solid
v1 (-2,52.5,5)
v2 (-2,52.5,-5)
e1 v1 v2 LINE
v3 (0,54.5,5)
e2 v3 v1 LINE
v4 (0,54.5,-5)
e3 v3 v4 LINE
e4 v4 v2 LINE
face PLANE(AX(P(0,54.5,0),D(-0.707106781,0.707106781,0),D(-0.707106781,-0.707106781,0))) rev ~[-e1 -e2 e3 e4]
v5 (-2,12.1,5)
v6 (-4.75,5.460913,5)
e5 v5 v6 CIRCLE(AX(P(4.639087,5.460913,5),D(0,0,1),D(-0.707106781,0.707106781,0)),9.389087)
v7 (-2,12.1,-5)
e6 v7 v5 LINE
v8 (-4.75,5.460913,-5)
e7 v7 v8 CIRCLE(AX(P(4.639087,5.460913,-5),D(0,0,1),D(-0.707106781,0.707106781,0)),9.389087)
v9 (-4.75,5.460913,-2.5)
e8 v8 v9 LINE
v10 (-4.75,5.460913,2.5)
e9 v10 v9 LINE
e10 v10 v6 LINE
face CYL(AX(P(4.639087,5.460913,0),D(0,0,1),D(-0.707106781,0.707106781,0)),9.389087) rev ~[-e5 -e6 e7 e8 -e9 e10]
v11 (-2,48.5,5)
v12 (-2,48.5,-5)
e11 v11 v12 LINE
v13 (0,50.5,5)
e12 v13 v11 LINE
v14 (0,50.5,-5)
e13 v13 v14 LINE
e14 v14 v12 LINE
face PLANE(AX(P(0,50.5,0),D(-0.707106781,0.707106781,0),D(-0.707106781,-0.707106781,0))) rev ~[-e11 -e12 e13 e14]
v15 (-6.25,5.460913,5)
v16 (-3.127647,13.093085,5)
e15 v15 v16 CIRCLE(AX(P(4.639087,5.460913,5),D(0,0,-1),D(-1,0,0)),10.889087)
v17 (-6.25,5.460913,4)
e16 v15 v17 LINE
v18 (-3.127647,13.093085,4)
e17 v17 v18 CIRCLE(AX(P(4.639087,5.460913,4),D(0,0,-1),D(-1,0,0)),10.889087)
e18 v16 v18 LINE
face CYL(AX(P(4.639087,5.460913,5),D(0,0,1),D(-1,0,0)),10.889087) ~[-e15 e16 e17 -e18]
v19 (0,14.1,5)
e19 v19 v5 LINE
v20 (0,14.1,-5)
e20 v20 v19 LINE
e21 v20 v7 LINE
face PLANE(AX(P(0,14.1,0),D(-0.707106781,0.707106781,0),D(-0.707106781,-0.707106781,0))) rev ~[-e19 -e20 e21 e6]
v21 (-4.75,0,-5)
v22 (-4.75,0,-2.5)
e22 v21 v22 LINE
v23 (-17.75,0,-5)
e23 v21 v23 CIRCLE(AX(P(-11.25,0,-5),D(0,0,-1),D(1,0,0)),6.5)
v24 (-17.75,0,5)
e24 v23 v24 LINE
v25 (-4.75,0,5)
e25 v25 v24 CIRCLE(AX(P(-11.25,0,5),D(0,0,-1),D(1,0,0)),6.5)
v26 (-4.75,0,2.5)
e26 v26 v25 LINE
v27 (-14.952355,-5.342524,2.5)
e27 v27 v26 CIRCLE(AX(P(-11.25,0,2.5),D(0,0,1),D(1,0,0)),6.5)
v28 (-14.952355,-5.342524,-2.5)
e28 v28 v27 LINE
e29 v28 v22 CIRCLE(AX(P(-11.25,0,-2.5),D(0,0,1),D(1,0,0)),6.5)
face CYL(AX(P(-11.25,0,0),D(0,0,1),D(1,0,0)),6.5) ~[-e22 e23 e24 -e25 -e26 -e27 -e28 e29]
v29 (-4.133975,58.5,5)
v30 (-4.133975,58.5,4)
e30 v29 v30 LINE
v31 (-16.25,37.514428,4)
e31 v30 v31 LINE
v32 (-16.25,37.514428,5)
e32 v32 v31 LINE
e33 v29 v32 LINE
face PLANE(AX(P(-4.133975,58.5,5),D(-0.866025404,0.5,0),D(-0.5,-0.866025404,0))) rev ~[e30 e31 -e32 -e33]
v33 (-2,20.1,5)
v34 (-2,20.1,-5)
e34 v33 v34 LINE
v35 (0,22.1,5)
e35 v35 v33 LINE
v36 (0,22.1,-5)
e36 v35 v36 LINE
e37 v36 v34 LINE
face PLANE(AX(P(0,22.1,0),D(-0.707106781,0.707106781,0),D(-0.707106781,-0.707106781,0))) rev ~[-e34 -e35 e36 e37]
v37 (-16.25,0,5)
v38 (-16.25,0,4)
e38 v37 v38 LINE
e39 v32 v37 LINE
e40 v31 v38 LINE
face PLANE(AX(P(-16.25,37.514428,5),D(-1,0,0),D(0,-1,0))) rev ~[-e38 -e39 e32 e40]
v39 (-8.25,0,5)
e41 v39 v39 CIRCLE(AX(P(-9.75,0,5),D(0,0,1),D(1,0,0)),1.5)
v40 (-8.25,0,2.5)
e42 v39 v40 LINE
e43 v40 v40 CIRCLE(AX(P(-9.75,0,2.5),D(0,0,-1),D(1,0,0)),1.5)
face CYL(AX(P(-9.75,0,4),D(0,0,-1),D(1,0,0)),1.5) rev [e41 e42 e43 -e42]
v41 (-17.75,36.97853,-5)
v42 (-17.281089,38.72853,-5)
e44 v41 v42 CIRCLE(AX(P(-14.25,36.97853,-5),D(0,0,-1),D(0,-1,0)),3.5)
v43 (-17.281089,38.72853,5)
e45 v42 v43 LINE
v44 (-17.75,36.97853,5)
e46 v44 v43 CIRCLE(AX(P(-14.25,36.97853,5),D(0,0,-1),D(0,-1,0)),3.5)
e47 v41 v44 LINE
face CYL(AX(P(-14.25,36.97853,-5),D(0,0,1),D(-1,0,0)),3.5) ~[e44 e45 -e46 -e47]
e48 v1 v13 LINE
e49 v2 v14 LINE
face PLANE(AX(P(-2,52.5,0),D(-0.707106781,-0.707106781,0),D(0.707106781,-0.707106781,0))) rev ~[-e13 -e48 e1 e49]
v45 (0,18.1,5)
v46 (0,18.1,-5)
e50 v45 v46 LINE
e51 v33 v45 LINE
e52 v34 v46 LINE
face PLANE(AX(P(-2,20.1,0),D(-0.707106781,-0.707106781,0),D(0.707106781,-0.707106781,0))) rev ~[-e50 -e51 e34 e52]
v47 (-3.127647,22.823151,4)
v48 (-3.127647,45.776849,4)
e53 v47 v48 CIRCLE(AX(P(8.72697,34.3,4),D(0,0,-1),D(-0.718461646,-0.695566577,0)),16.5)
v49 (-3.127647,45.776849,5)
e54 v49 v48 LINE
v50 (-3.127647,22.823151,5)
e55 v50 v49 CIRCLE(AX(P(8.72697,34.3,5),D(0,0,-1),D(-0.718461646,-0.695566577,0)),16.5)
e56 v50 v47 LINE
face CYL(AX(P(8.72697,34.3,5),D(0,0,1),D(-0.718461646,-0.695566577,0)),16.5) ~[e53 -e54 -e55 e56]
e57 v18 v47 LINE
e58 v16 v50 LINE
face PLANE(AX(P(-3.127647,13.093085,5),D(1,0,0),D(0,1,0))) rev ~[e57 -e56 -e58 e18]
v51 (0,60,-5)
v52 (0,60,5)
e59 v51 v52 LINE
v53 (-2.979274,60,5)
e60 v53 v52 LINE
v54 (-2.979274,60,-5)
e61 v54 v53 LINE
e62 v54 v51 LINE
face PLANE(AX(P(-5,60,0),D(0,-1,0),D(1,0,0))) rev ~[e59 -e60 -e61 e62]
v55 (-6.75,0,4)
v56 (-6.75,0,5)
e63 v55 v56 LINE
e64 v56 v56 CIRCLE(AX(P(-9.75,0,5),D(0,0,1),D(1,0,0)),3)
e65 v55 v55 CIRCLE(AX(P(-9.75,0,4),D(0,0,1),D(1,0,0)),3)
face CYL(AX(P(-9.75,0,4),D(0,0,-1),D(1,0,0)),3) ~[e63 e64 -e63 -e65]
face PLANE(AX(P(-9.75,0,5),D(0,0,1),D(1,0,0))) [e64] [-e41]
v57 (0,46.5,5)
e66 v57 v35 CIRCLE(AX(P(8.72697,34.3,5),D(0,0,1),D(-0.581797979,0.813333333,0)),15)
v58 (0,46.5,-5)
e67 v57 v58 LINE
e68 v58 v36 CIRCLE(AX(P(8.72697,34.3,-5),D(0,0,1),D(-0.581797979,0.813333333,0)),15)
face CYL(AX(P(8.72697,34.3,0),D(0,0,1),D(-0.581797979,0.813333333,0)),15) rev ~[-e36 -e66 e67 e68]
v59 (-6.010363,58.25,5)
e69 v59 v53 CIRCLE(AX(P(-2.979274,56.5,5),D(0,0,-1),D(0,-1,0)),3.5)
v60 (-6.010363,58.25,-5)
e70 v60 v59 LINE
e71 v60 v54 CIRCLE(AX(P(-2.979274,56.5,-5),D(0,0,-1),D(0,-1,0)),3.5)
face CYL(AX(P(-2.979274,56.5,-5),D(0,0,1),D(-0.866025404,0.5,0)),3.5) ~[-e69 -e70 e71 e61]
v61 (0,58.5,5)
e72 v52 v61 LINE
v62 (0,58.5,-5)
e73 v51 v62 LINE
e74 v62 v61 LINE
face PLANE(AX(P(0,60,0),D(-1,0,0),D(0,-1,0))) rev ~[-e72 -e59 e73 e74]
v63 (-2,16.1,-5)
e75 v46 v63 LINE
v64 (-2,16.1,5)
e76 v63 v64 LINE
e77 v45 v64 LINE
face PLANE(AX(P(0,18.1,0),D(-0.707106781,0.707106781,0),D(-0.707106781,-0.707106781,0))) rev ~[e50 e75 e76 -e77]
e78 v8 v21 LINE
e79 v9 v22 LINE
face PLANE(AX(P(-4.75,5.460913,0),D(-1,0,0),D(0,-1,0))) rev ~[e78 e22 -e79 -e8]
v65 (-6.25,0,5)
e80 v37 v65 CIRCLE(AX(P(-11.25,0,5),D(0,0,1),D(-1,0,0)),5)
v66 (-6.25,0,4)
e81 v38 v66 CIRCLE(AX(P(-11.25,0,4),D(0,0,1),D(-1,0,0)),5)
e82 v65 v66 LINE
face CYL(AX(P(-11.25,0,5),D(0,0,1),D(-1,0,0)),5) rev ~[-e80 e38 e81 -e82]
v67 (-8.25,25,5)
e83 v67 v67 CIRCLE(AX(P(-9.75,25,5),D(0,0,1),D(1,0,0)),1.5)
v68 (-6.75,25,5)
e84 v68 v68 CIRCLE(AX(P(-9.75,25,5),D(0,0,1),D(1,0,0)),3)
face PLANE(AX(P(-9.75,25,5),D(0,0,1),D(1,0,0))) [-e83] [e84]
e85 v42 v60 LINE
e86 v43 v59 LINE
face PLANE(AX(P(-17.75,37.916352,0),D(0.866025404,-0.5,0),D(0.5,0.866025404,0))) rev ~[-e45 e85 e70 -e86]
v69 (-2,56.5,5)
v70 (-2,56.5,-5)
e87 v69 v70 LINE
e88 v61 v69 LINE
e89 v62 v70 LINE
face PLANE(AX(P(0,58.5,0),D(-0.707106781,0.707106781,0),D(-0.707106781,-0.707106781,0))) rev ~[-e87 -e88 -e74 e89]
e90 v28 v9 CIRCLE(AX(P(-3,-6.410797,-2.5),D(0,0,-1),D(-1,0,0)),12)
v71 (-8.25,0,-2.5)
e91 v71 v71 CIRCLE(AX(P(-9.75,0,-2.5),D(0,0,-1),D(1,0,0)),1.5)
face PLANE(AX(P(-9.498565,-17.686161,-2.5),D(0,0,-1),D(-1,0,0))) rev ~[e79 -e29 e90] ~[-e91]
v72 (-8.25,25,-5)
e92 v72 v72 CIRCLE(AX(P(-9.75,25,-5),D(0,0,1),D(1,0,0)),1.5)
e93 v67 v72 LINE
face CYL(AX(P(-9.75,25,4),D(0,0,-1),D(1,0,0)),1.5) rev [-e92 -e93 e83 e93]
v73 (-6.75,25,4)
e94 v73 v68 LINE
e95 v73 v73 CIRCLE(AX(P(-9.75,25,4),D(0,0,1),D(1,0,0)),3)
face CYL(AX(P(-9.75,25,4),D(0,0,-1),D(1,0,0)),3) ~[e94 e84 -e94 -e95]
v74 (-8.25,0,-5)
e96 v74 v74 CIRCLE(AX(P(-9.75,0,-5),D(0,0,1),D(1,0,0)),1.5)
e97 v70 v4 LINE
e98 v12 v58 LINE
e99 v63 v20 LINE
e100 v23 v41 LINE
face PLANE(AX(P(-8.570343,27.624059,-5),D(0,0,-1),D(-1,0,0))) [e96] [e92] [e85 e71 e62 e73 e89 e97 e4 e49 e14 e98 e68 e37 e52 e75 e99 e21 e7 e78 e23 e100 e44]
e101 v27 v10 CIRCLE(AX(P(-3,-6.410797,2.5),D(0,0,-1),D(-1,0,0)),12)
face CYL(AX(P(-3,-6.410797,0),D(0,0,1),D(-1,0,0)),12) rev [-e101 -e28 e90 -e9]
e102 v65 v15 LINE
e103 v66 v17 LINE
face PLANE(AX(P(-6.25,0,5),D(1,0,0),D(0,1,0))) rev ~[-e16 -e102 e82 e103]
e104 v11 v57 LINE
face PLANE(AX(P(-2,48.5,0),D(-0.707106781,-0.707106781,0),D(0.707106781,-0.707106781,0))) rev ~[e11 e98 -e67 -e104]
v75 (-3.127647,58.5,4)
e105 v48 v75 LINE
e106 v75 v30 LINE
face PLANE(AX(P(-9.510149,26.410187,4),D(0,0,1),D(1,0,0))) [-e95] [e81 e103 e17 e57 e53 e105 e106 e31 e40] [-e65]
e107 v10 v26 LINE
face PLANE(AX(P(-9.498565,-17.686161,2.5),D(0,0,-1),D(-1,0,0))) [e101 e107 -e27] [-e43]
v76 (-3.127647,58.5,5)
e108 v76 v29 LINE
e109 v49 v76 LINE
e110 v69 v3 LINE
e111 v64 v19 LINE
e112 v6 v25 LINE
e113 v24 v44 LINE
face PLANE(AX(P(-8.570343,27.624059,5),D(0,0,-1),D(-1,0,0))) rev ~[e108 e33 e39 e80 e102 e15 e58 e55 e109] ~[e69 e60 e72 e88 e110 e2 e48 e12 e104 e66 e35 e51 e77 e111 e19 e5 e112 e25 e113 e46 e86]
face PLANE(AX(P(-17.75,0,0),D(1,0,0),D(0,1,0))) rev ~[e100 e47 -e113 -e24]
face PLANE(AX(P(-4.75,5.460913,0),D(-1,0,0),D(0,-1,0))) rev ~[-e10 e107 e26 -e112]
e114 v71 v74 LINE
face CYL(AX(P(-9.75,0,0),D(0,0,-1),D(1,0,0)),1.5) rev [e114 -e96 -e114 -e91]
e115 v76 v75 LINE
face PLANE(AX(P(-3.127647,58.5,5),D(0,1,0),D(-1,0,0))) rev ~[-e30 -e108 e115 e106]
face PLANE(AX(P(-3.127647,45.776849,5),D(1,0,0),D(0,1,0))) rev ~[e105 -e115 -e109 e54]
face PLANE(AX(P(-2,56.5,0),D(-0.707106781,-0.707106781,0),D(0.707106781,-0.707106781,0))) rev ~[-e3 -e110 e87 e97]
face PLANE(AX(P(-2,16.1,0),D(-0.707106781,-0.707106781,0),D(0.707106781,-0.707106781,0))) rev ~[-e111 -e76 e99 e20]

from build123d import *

# Parameters (mm, degrees)
SKETCH1_R           = 1.5
BOSS_EXTRUDE1_DEPTH = 5
CUT_EXTRUDE1_DEPTH  = 2.5
CUT_EXTRUDE2_DEPTH  = 1
SKETCH5_R           = 3
SKETCH5_R_2         = 1.5
EXTRUDE_THIN1_DEPTH = 1
FILLET1_R           = 3.5


with BuildPart() as part:
    # Sketch1 → Boss-Extrude1 (new body, symmetric)
    with BuildSketch(Plane.XY):
        with BuildLine():
            Line((0, 58.5), (-2, 56.5))
            Line((-2, 56.5), (0, 54.5))
            Line((0, 54.5), (-2, 52.5))
            Line((-2, 52.5), (0, 50.5))
            Line((0, 50.5), (-2, 48.5))
            Line((-2, 48.5), (0, 46.5))
            ThreePointArc((0, 46.5), (-6.273030308, 34.3), (0, 22.1))
            Line((0, 22.1), (-2, 20.1))
            Line((-2, 20.1), (0, 18.1))
            Line((0, 18.1), (-2, 16.1))
            Line((-2, 16.1), (0, 14.1))
            Line((0, 14.1), (-2, 12.1))
            ThreePointArc((-2, 12.1), (-4.035298286, 9.053960857), (-4.75, 5.460912703))
            Line((-4.75, 5.460912703), (-4.75, 0))
            ThreePointArc((-4.75, 0), (-11.25, -6.5), (-17.75, 0))
            Line((-17.75, 0), (-17.75, 37.916352203))
            Line((-17.75, 37.916352203), (-5, 60))
            Line((-5, 60), (0, 60))
            Line((0, 60), (0, 58.5))
        make_face()
        with Locations((-9.75, 0)):
            Circle(SKETCH1_R, mode=Mode.SUBTRACT)
        with Locations((-9.75, 25)):
            Circle(SKETCH1_R, mode=Mode.SUBTRACT)
    extrude(amount=BOSS_EXTRUDE1_DEPTH, both=True)

    # Sketch3 → Cut-Extrude1 (cut, symmetric)
    with BuildSketch(Plane.XY):
        with BuildLine():
            Line((-15, -38.410797367), (-15, -6.410797367))
            ThreePointArc((-15, -6.410797367), (-12.082951062, 1.431396204), (-4.75, 5.460912703))
            Line((-4.75, 5.460912703), (-4.75, -38.410797367))
            Line((-4.75, -38.410797367), (-15, -38.410797367))
        make_face()
    extrude(amount=CUT_EXTRUDE1_DEPTH, both=True, mode=Mode.SUBTRACT)

    # Sketch4 → Cut-Extrude2 (cut)
    with BuildSketch(Plane.XY.offset(5)):
        with BuildLine():
            Line((-3.12764747, 58.5), (-4.133974596, 58.5))
            Line((-4.133974596, 58.5), (-16.25, 37.514428415))
            Line((-16.25, 37.514428415), (-16.25, 0))
            ThreePointArc((-16.25, 0), (-11.25, -5), (-6.25, 0))
            Line((-6.25, 0), (-6.25, 5.460912703))
            ThreePointArc((-6.25, 5.460912703), (-5.439227916, 9.583992212), (-3.12764747, 13.093084951))
            Line((-3.12764747, 13.093084951), (-3.12764747, 22.82315148))
            ThreePointArc((-3.12764747, 22.82315148), (-7.773030308, 34.3), (-3.12764747, 45.77684852))
            Line((-3.12764747, 45.77684852), (-3.12764747, 58.5))
        make_face()
    extrude(amount=-CUT_EXTRUDE2_DEPTH, mode=Mode.SUBTRACT)

    # Sketch5 → Extrude-Thin1 (add)
    with BuildSketch(Plane.XY.offset(4)):
        with Locations((-9.75, 0)):
            Circle(SKETCH5_R)
        with Locations((-9.75, 0)):
            Circle(SKETCH5_R_2, mode=Mode.SUBTRACT)
        with Locations((-9.75, 25)):
            Circle(SKETCH5_R)
        with Locations((-9.75, 25)):
            Circle(SKETCH5_R_2, mode=Mode.SUBTRACT)
    extrude(amount=EXTRUDE_THIN1_DEPTH)

    # Fillet1
    fillet1_edges = [part.edges().sort_by_distance(p)[0] for p in [
        (-17.75, 37.916352203, 0),
        (-5, 60, 0),
    ]]
    fillet(fillet1_edges, radius=FILLET1_R)


solid = part.part
